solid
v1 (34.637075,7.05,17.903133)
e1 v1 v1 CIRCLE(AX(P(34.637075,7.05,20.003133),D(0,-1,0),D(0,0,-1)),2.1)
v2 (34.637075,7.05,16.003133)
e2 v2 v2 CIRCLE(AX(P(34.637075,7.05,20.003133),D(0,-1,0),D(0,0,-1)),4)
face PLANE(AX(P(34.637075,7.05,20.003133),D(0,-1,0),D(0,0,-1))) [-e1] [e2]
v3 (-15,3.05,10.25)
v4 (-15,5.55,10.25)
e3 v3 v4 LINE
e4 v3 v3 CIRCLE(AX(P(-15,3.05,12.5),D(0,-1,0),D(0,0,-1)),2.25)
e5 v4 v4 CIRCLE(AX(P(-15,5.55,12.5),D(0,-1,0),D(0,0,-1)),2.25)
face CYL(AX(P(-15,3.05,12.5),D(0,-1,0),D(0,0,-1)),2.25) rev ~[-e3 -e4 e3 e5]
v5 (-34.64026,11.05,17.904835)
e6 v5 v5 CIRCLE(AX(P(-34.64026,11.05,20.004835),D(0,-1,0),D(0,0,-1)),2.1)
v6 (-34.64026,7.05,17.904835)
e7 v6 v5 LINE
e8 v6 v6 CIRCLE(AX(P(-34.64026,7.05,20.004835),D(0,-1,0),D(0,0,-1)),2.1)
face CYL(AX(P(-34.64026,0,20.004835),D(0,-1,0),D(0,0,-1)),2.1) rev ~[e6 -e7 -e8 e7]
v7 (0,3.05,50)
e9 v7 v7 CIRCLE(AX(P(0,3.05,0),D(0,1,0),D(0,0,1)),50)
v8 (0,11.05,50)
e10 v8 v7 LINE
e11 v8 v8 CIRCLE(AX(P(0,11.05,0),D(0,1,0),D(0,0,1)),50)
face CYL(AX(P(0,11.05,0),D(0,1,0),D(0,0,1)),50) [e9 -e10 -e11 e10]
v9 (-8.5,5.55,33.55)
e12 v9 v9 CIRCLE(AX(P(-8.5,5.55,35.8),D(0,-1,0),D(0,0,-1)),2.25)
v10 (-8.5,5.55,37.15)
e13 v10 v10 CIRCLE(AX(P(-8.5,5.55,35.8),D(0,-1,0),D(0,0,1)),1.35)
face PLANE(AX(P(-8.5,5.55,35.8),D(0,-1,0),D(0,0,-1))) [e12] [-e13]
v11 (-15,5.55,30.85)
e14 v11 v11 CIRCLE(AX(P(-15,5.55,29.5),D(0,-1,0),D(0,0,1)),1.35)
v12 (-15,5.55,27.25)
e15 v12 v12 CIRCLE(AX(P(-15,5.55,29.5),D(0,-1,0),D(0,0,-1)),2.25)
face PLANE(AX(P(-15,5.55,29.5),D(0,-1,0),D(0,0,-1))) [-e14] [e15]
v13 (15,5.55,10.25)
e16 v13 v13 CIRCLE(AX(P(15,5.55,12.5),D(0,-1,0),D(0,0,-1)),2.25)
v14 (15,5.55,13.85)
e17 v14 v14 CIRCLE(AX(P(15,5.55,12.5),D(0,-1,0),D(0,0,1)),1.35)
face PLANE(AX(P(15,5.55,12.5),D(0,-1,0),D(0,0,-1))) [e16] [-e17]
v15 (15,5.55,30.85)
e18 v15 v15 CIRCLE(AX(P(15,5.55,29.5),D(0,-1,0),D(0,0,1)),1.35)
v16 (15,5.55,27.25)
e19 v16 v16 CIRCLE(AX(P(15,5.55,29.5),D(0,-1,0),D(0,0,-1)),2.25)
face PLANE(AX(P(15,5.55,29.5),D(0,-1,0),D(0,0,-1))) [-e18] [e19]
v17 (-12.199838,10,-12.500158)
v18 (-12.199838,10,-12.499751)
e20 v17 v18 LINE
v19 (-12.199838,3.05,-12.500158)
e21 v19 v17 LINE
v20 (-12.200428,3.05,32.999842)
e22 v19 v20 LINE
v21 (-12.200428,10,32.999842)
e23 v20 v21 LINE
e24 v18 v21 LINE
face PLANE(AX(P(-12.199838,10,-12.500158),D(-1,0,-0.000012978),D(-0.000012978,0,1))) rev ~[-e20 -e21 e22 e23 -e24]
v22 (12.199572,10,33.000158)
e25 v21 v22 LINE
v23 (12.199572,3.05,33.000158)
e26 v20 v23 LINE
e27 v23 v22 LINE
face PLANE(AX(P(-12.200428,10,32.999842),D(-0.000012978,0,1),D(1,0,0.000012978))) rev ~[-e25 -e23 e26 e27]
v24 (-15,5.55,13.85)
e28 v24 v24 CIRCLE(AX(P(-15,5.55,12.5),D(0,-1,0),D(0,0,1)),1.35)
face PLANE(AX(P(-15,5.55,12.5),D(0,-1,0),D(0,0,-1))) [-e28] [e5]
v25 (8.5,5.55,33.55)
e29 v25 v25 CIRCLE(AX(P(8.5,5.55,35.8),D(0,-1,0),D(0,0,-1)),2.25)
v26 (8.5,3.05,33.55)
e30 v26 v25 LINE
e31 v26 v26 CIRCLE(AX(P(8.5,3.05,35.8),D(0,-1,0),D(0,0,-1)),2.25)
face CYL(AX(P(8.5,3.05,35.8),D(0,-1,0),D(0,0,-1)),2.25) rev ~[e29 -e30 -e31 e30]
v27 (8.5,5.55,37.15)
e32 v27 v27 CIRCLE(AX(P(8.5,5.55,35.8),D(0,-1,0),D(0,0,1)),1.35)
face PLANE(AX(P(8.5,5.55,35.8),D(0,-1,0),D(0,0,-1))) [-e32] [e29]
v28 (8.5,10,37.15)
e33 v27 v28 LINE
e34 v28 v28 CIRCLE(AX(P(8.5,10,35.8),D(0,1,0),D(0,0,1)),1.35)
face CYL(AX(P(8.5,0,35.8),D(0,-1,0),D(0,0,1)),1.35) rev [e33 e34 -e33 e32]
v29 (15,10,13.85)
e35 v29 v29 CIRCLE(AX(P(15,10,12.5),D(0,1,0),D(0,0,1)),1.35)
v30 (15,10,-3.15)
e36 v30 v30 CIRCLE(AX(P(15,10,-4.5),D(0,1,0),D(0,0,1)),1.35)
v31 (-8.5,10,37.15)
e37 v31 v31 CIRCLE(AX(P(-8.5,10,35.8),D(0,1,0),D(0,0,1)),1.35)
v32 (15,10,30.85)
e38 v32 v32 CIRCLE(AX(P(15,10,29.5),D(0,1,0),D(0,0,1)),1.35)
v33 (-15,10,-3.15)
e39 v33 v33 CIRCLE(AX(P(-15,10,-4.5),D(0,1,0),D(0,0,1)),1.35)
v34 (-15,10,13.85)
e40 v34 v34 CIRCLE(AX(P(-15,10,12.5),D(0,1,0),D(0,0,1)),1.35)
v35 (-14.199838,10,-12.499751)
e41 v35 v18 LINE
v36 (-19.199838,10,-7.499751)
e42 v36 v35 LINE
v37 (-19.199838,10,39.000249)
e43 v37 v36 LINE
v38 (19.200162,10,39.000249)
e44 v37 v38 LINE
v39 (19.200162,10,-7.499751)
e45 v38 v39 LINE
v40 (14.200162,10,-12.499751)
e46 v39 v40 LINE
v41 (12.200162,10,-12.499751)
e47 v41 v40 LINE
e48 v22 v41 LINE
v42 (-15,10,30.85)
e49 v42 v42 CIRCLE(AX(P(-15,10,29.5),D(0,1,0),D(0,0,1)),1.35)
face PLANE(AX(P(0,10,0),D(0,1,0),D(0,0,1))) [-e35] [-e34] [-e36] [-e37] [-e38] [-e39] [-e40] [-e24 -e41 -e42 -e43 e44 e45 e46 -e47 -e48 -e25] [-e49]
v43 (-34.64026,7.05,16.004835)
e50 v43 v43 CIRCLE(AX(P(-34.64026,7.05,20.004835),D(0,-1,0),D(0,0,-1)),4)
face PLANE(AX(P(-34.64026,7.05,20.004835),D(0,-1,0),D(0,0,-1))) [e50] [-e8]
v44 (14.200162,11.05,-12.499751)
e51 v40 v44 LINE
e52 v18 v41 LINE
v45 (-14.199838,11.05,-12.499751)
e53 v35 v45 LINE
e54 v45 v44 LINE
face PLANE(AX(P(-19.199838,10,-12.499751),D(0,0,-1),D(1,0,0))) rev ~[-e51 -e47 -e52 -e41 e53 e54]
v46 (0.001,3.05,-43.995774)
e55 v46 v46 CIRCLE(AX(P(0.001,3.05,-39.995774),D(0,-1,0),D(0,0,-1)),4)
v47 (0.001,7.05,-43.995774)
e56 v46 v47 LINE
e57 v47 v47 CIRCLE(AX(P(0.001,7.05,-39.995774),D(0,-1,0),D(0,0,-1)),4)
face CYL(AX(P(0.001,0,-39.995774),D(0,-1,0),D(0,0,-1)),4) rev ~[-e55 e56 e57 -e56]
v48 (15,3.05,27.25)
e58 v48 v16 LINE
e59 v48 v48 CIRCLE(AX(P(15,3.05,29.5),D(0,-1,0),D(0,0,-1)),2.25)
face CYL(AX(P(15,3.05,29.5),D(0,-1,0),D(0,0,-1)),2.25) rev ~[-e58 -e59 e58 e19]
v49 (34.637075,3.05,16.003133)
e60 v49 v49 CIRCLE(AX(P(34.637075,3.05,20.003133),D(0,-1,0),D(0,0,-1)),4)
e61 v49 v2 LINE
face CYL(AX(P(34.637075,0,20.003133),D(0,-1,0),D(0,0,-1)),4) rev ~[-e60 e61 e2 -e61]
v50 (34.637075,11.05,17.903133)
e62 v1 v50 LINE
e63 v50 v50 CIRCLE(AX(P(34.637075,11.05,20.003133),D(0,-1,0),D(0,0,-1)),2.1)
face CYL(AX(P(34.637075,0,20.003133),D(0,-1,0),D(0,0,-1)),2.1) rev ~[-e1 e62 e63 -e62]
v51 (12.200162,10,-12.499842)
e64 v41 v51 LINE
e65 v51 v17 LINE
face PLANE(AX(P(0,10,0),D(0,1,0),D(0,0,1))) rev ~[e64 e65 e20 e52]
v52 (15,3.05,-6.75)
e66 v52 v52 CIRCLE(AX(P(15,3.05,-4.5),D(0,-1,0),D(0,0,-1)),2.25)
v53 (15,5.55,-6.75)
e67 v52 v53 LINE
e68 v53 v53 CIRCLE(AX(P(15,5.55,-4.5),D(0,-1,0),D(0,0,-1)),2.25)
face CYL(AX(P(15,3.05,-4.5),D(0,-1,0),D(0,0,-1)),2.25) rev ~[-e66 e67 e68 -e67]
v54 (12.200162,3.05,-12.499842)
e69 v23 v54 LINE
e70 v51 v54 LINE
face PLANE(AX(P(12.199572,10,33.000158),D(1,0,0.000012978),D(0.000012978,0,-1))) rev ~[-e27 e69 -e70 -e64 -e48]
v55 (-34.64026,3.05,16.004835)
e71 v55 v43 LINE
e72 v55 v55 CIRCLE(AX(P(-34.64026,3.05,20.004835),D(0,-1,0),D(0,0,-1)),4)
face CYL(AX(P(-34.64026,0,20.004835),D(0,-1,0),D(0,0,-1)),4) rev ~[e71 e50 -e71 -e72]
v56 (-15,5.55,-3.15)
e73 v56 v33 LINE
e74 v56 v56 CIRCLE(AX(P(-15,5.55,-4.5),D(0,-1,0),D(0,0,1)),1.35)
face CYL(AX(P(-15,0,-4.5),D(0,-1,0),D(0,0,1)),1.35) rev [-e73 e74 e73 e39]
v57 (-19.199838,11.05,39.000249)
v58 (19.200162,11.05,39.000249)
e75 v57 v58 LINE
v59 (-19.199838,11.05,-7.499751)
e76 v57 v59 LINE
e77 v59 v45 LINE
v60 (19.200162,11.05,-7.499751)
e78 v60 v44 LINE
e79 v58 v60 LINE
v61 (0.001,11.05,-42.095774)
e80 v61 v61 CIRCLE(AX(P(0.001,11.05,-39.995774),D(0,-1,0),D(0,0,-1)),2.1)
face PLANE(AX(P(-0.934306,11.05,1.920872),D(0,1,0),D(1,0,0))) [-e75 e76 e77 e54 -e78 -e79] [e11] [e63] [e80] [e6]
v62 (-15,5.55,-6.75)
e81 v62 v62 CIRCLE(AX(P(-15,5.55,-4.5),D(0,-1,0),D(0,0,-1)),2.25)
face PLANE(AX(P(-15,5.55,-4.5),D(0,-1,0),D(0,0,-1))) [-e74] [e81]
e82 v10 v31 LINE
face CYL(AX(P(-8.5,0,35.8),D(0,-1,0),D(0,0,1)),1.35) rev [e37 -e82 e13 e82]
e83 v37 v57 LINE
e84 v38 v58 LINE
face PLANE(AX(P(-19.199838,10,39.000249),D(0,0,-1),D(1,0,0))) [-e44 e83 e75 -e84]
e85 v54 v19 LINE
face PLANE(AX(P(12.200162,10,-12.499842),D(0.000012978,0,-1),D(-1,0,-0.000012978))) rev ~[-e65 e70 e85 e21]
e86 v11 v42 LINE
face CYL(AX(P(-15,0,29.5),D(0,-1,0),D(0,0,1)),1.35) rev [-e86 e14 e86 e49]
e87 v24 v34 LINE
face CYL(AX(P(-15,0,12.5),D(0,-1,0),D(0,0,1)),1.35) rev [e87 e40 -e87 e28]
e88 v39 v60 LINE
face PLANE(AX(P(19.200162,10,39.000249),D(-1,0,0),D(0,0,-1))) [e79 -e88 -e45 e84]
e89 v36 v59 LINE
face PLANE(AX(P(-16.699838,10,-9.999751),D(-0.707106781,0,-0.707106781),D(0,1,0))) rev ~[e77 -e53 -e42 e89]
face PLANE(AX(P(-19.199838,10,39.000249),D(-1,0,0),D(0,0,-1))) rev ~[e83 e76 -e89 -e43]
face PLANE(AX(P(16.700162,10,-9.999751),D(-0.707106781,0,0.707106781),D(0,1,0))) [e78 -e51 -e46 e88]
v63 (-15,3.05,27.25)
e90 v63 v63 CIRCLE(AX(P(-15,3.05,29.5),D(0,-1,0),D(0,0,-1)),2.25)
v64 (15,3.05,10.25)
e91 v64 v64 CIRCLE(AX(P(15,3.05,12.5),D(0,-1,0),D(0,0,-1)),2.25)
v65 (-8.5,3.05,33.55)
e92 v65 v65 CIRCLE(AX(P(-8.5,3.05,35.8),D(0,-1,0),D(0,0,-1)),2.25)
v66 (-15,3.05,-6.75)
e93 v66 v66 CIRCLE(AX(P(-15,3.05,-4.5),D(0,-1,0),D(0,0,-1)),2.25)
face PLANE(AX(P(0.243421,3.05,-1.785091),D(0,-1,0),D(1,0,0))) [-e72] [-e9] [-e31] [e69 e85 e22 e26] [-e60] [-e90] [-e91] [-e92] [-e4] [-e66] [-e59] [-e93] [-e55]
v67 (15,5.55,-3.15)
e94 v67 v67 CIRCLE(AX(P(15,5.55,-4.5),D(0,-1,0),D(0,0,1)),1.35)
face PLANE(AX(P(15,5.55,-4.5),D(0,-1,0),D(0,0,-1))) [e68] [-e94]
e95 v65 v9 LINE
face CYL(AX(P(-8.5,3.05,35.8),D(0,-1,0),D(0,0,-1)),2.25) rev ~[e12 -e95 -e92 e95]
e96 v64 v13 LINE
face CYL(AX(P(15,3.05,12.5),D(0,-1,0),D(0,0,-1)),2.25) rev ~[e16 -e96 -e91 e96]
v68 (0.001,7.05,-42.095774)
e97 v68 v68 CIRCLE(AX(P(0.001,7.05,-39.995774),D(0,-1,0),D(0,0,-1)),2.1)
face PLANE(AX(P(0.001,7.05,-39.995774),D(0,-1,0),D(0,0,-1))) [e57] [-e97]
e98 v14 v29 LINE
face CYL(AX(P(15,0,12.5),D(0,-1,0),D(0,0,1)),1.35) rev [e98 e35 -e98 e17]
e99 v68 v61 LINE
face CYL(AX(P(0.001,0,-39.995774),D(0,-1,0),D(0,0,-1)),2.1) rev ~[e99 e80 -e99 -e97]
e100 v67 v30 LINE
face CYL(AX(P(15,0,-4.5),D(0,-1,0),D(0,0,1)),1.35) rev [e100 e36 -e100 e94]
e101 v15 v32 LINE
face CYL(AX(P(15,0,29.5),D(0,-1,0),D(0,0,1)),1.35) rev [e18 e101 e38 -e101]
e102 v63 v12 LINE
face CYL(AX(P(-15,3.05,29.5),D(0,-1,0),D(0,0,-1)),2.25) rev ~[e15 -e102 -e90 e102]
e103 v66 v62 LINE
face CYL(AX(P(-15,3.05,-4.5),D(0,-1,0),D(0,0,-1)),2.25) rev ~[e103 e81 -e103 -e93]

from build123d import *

# Parameters (mm, degrees)
SKETCH1_R           = 60
SKETCH1_R_2         = 1.35
SKETCH1_R_3         = 4
BOSS_EXTRUDE1_DEPTH = 10
CUT_EXTRUDE1_DEPTH  = 8
SKETCH6_R           = 60
SKETCH6_W           = 38.400000003
SKETCH6_H           = 51.500000005
BOSS_EXTRUDE2_DEPTH = 8
CHAMFER1_SIZE       = 5
CUT_EXTRUDE6_DEPTH  = 87.34813258
SKETCH13_W          = 159.365981606
SKETCH13_H          = 138.277350875
CUT_EXTRUDE7_DEPTH  = 6.95
SKETCH14_R          = 2.1
CUT_EXTRUDE8_DEPTH  = 86.569284793
SKETCH15_R          = 4
CUT_EXTRUDE9_DEPTH  = 7.05
SKETCH16_W          = 157.574812473
SKETCH16_H          = 128.039677695
CUT_EXTRUDE10_DEPTH = 3.05
SKETCH17_R          = 100
SKETCH17_R_2        = 50
CUT_EXTRUDE11_DEPTH = 86.229103011
SKETCH18_R          = 2.25
CUT_EXTRUDE12_DEPTH = 2.5
LPATTERN1_COUNT     = 3
LPATTERN1_PITCH     = 17
SKETCH19_R          = 2.25
CUT_EXTRUDE13_DEPTH = 2.5
SKETCH20_R          = 2.25
CUT_EXTRUDE14_DEPTH = 2.5
SKETCH21_R          = 2.25
CUT_EXTRUDE15_DEPTH = 2.5
LPATTERN2_COUNT     = 3
LPATTERN2_PITCH     = 17


with BuildPart() as part:
    # Sketch1 → Boss-Extrude1 (new body)
    with BuildSketch(Plane(origin=(0, 0, 0), x_dir=(1, 0, 0), z_dir=(0, 1, 0))):
        with Locations(Location((0, 0, 0), (0, 0, 270))):
            Circle(SKETCH1_R)
        with Locations(Location((-15, 4.5, 0), (0, 0, 270))):
            Circle(SKETCH1_R_2, mode=Mode.SUBTRACT)
        with Locations(Location((-15, -12.5, 0), (0, 0, 270))):
            Circle(SKETCH1_R_2, mode=Mode.SUBTRACT)
        with Locations(Location((-15, -29.5, 0), (0, 0, 270))):
            Circle(SKETCH1_R_2, mode=Mode.SUBTRACT)
        with Locations(Location((-8.5, -35.8, 0), (0, 0, 270))):
            Circle(SKETCH1_R_2, mode=Mode.SUBTRACT)
        with Locations(Location((8.5, -35.8, 0), (0, 0, 270))):
            Circle(SKETCH1_R_2, mode=Mode.SUBTRACT)
        with Locations(Location((15, -29.5, 0), (0, 0, 270))):
            Circle(SKETCH1_R_2, mode=Mode.SUBTRACT)
        with Locations(Location((15, -12.5, 0), (0, 0, 270))):
            Circle(SKETCH1_R_2, mode=Mode.SUBTRACT)
        with Locations(Location((15, 4.5, 0), (0, 0, 270))):
            Circle(SKETCH1_R_2, mode=Mode.SUBTRACT)
        with Locations(Location((0, 0, 0), (0, 0, 270))):
            Circle(SKETCH1_R_3, mode=Mode.SUBTRACT)
    extrude(amount=BOSS_EXTRUDE1_DEPTH)

    # Sketch2 → Cut-Extrude1 (cut)
    with BuildSketch(Plane(origin=(0, 10, 0), x_dir=(1, 0, 0), z_dir=(0, 1, 0))):
        Polygon((-12.199837774, 12.50015833), (-12.200428272, -32.999841666), (12.199571726, -33.000158329), (12.200162224, 12.499841668), align=None)
    extrude(amount=-CUT_EXTRUDE1_DEPTH, mode=Mode.SUBTRACT)

    # Sketch6 → Boss-Extrude2 (add)
    with BuildSketch(Plane(origin=(0, 10, 0), x_dir=(1, 0, 0), z_dir=(0, 1, 0))):
        with Locations(Location((0, 0, 0), (0, 0, 270))):
            Circle(SKETCH6_R)
        with Locations((0.000162221, -13.25024918)):
            Rectangle(SKETCH6_W, SKETCH6_H, mode=Mode.SUBTRACT)
    extrude(amount=BOSS_EXTRUDE2_DEPTH)

    # Chamfer1
    chamfer1_edges = [part.edges().sort_by_distance(p)[0] for p in [
        (-19.19983778, 14, -12.499750822),
        (19.200162223, 14, -12.499750822),
    ]]
    chamfer(chamfer1_edges, length=CHAMFER1_SIZE)

    # Sketch12 → Cut-Extrude6 (cut, through all)
    with BuildSketch(Plane(origin=(0, 2, 0), x_dir=(1, 0, 0), z_dir=(0, 1, 0))):
        Polygon((12.200162224, 12.499841668), (-12.199837774, 12.50015833), (-12.200428272, -32.999841666), (12.199571726, -33.000158329), align=None)
    extrude(amount=-CUT_EXTRUDE6_DEPTH, mode=Mode.SUBTRACT)

    # Sketch13 → Cut-Extrude7 (cut)
    with BuildSketch(Plane(origin=(0, 18, 0), x_dir=(1, 0, 0), z_dir=(0, 1, 0))):
        with Locations((-0.934306425, -1.920871548)):
            Rectangle(SKETCH13_W, SKETCH13_H)
    extrude(amount=-CUT_EXTRUDE7_DEPTH, mode=Mode.SUBTRACT)

    # Sketch14 → Cut-Extrude8 (cut, through all)
    with BuildSketch(Plane.XZ):
        with Locations(Location((-34.640259625, 20.004835303, 0), (0, 0, 270))):
            Circle(SKETCH14_R)
        with Locations(Location((34.63707466, 20.003132998, 0), (0, 0, 270))):
            Circle(SKETCH14_R)
        with Locations(Location((0.001, -39.995774325, 0), (0, 0, 270))):
            Circle(SKETCH14_R)
    extrude(amount=-CUT_EXTRUDE8_DEPTH, mode=Mode.SUBTRACT)

    # Sketch15 → Cut-Extrude9 (cut)
    with BuildSketch(Plane.XZ):
        with Locations(Location((34.63707466, 20.003132998, 0), (0, 0, 270))):
            Circle(SKETCH15_R)
        with Locations(Location((-34.640259625, 20.004835303, 0), (0, 0, 270))):
            Circle(SKETCH15_R)
        with Locations(Location((0.001, -39.995774325, 0), (0, 0, 270))):
            Circle(SKETCH15_R)
    extrude(amount=-CUT_EXTRUDE9_DEPTH, mode=Mode.SUBTRACT)

    # Sketch16 → Cut-Extrude10 (cut)
    with BuildSketch(Plane.XZ):
        with Locations((0.243421441, -1.785090563)):
            Rectangle(SKETCH16_W, SKETCH16_H)
    extrude(amount=-CUT_EXTRUDE10_DEPTH, mode=Mode.SUBTRACT)

    # Sketch17 → Cut-Extrude11 (cut, through all)
    with BuildSketch(Plane(origin=(0, 11.05, 0), x_dir=(1, 0, 0), z_dir=(0, 1, 0))):
        Circle(SKETCH17_R)
        with Locations(Location((0, 0, 0), (0, 0, 270))):
            Circle(SKETCH17_R_2, mode=Mode.SUBTRACT)
    extrude(amount=-CUT_EXTRUDE11_DEPTH, mode=Mode.SUBTRACT)

    # Sketch18 → Cut-Extrude12 (cut)
    with BuildSketch(Plane.XZ.offset(-3.05)):
        with Locations(Location((15, 29.5, 0), (0, 0, 270))):
            Circle(SKETCH18_R)
    cut_extrude12 = extrude(amount=-CUT_EXTRUDE12_DEPTH, mode=Mode.SUBTRACT)

    # LPattern1: Cut-Extrude12 ×3
    with Locations(*[(0, 0, -i * LPATTERN1_PITCH) for i in range(1, LPATTERN1_COUNT)]):
        add(cut_extrude12, mode=Mode.SUBTRACT)

    # Sketch19 → Cut-Extrude13 (cut)
    with BuildSketch(Plane.XZ.offset(-3.05)):
        with Locations(Location((8.5, 35.8, 0), (0, 0, 270))):
            Circle(SKETCH19_R)
    extrude(amount=-CUT_EXTRUDE13_DEPTH, mode=Mode.SUBTRACT)

    # Sketch20 → Cut-Extrude14 (cut)
    with BuildSketch(Plane.XZ.offset(-3.05)):
        with Locations(Location((-8.5, 35.8, 0), (0, 0, 270))):
            Circle(SKETCH20_R)
    extrude(amount=-CUT_EXTRUDE14_DEPTH, mode=Mode.SUBTRACT)

    # Sketch21 → Cut-Extrude15 (cut)
    with BuildSketch(Plane.XZ.offset(-3.05)):
        with Locations(Location((-15, 29.5, 0), (0, 0, 270))):
            Circle(SKETCH21_R)
    cut_extrude15 = extrude(amount=-CUT_EXTRUDE15_DEPTH, mode=Mode.SUBTRACT)

    # LPattern2: Cut-Extrude15 ×3
    with Locations(*[(0, 0, -i * LPATTERN2_PITCH) for i in range(1, LPATTERN2_COUNT)]):
        add(cut_extrude15, mode=Mode.SUBTRACT)


solid = part.part
